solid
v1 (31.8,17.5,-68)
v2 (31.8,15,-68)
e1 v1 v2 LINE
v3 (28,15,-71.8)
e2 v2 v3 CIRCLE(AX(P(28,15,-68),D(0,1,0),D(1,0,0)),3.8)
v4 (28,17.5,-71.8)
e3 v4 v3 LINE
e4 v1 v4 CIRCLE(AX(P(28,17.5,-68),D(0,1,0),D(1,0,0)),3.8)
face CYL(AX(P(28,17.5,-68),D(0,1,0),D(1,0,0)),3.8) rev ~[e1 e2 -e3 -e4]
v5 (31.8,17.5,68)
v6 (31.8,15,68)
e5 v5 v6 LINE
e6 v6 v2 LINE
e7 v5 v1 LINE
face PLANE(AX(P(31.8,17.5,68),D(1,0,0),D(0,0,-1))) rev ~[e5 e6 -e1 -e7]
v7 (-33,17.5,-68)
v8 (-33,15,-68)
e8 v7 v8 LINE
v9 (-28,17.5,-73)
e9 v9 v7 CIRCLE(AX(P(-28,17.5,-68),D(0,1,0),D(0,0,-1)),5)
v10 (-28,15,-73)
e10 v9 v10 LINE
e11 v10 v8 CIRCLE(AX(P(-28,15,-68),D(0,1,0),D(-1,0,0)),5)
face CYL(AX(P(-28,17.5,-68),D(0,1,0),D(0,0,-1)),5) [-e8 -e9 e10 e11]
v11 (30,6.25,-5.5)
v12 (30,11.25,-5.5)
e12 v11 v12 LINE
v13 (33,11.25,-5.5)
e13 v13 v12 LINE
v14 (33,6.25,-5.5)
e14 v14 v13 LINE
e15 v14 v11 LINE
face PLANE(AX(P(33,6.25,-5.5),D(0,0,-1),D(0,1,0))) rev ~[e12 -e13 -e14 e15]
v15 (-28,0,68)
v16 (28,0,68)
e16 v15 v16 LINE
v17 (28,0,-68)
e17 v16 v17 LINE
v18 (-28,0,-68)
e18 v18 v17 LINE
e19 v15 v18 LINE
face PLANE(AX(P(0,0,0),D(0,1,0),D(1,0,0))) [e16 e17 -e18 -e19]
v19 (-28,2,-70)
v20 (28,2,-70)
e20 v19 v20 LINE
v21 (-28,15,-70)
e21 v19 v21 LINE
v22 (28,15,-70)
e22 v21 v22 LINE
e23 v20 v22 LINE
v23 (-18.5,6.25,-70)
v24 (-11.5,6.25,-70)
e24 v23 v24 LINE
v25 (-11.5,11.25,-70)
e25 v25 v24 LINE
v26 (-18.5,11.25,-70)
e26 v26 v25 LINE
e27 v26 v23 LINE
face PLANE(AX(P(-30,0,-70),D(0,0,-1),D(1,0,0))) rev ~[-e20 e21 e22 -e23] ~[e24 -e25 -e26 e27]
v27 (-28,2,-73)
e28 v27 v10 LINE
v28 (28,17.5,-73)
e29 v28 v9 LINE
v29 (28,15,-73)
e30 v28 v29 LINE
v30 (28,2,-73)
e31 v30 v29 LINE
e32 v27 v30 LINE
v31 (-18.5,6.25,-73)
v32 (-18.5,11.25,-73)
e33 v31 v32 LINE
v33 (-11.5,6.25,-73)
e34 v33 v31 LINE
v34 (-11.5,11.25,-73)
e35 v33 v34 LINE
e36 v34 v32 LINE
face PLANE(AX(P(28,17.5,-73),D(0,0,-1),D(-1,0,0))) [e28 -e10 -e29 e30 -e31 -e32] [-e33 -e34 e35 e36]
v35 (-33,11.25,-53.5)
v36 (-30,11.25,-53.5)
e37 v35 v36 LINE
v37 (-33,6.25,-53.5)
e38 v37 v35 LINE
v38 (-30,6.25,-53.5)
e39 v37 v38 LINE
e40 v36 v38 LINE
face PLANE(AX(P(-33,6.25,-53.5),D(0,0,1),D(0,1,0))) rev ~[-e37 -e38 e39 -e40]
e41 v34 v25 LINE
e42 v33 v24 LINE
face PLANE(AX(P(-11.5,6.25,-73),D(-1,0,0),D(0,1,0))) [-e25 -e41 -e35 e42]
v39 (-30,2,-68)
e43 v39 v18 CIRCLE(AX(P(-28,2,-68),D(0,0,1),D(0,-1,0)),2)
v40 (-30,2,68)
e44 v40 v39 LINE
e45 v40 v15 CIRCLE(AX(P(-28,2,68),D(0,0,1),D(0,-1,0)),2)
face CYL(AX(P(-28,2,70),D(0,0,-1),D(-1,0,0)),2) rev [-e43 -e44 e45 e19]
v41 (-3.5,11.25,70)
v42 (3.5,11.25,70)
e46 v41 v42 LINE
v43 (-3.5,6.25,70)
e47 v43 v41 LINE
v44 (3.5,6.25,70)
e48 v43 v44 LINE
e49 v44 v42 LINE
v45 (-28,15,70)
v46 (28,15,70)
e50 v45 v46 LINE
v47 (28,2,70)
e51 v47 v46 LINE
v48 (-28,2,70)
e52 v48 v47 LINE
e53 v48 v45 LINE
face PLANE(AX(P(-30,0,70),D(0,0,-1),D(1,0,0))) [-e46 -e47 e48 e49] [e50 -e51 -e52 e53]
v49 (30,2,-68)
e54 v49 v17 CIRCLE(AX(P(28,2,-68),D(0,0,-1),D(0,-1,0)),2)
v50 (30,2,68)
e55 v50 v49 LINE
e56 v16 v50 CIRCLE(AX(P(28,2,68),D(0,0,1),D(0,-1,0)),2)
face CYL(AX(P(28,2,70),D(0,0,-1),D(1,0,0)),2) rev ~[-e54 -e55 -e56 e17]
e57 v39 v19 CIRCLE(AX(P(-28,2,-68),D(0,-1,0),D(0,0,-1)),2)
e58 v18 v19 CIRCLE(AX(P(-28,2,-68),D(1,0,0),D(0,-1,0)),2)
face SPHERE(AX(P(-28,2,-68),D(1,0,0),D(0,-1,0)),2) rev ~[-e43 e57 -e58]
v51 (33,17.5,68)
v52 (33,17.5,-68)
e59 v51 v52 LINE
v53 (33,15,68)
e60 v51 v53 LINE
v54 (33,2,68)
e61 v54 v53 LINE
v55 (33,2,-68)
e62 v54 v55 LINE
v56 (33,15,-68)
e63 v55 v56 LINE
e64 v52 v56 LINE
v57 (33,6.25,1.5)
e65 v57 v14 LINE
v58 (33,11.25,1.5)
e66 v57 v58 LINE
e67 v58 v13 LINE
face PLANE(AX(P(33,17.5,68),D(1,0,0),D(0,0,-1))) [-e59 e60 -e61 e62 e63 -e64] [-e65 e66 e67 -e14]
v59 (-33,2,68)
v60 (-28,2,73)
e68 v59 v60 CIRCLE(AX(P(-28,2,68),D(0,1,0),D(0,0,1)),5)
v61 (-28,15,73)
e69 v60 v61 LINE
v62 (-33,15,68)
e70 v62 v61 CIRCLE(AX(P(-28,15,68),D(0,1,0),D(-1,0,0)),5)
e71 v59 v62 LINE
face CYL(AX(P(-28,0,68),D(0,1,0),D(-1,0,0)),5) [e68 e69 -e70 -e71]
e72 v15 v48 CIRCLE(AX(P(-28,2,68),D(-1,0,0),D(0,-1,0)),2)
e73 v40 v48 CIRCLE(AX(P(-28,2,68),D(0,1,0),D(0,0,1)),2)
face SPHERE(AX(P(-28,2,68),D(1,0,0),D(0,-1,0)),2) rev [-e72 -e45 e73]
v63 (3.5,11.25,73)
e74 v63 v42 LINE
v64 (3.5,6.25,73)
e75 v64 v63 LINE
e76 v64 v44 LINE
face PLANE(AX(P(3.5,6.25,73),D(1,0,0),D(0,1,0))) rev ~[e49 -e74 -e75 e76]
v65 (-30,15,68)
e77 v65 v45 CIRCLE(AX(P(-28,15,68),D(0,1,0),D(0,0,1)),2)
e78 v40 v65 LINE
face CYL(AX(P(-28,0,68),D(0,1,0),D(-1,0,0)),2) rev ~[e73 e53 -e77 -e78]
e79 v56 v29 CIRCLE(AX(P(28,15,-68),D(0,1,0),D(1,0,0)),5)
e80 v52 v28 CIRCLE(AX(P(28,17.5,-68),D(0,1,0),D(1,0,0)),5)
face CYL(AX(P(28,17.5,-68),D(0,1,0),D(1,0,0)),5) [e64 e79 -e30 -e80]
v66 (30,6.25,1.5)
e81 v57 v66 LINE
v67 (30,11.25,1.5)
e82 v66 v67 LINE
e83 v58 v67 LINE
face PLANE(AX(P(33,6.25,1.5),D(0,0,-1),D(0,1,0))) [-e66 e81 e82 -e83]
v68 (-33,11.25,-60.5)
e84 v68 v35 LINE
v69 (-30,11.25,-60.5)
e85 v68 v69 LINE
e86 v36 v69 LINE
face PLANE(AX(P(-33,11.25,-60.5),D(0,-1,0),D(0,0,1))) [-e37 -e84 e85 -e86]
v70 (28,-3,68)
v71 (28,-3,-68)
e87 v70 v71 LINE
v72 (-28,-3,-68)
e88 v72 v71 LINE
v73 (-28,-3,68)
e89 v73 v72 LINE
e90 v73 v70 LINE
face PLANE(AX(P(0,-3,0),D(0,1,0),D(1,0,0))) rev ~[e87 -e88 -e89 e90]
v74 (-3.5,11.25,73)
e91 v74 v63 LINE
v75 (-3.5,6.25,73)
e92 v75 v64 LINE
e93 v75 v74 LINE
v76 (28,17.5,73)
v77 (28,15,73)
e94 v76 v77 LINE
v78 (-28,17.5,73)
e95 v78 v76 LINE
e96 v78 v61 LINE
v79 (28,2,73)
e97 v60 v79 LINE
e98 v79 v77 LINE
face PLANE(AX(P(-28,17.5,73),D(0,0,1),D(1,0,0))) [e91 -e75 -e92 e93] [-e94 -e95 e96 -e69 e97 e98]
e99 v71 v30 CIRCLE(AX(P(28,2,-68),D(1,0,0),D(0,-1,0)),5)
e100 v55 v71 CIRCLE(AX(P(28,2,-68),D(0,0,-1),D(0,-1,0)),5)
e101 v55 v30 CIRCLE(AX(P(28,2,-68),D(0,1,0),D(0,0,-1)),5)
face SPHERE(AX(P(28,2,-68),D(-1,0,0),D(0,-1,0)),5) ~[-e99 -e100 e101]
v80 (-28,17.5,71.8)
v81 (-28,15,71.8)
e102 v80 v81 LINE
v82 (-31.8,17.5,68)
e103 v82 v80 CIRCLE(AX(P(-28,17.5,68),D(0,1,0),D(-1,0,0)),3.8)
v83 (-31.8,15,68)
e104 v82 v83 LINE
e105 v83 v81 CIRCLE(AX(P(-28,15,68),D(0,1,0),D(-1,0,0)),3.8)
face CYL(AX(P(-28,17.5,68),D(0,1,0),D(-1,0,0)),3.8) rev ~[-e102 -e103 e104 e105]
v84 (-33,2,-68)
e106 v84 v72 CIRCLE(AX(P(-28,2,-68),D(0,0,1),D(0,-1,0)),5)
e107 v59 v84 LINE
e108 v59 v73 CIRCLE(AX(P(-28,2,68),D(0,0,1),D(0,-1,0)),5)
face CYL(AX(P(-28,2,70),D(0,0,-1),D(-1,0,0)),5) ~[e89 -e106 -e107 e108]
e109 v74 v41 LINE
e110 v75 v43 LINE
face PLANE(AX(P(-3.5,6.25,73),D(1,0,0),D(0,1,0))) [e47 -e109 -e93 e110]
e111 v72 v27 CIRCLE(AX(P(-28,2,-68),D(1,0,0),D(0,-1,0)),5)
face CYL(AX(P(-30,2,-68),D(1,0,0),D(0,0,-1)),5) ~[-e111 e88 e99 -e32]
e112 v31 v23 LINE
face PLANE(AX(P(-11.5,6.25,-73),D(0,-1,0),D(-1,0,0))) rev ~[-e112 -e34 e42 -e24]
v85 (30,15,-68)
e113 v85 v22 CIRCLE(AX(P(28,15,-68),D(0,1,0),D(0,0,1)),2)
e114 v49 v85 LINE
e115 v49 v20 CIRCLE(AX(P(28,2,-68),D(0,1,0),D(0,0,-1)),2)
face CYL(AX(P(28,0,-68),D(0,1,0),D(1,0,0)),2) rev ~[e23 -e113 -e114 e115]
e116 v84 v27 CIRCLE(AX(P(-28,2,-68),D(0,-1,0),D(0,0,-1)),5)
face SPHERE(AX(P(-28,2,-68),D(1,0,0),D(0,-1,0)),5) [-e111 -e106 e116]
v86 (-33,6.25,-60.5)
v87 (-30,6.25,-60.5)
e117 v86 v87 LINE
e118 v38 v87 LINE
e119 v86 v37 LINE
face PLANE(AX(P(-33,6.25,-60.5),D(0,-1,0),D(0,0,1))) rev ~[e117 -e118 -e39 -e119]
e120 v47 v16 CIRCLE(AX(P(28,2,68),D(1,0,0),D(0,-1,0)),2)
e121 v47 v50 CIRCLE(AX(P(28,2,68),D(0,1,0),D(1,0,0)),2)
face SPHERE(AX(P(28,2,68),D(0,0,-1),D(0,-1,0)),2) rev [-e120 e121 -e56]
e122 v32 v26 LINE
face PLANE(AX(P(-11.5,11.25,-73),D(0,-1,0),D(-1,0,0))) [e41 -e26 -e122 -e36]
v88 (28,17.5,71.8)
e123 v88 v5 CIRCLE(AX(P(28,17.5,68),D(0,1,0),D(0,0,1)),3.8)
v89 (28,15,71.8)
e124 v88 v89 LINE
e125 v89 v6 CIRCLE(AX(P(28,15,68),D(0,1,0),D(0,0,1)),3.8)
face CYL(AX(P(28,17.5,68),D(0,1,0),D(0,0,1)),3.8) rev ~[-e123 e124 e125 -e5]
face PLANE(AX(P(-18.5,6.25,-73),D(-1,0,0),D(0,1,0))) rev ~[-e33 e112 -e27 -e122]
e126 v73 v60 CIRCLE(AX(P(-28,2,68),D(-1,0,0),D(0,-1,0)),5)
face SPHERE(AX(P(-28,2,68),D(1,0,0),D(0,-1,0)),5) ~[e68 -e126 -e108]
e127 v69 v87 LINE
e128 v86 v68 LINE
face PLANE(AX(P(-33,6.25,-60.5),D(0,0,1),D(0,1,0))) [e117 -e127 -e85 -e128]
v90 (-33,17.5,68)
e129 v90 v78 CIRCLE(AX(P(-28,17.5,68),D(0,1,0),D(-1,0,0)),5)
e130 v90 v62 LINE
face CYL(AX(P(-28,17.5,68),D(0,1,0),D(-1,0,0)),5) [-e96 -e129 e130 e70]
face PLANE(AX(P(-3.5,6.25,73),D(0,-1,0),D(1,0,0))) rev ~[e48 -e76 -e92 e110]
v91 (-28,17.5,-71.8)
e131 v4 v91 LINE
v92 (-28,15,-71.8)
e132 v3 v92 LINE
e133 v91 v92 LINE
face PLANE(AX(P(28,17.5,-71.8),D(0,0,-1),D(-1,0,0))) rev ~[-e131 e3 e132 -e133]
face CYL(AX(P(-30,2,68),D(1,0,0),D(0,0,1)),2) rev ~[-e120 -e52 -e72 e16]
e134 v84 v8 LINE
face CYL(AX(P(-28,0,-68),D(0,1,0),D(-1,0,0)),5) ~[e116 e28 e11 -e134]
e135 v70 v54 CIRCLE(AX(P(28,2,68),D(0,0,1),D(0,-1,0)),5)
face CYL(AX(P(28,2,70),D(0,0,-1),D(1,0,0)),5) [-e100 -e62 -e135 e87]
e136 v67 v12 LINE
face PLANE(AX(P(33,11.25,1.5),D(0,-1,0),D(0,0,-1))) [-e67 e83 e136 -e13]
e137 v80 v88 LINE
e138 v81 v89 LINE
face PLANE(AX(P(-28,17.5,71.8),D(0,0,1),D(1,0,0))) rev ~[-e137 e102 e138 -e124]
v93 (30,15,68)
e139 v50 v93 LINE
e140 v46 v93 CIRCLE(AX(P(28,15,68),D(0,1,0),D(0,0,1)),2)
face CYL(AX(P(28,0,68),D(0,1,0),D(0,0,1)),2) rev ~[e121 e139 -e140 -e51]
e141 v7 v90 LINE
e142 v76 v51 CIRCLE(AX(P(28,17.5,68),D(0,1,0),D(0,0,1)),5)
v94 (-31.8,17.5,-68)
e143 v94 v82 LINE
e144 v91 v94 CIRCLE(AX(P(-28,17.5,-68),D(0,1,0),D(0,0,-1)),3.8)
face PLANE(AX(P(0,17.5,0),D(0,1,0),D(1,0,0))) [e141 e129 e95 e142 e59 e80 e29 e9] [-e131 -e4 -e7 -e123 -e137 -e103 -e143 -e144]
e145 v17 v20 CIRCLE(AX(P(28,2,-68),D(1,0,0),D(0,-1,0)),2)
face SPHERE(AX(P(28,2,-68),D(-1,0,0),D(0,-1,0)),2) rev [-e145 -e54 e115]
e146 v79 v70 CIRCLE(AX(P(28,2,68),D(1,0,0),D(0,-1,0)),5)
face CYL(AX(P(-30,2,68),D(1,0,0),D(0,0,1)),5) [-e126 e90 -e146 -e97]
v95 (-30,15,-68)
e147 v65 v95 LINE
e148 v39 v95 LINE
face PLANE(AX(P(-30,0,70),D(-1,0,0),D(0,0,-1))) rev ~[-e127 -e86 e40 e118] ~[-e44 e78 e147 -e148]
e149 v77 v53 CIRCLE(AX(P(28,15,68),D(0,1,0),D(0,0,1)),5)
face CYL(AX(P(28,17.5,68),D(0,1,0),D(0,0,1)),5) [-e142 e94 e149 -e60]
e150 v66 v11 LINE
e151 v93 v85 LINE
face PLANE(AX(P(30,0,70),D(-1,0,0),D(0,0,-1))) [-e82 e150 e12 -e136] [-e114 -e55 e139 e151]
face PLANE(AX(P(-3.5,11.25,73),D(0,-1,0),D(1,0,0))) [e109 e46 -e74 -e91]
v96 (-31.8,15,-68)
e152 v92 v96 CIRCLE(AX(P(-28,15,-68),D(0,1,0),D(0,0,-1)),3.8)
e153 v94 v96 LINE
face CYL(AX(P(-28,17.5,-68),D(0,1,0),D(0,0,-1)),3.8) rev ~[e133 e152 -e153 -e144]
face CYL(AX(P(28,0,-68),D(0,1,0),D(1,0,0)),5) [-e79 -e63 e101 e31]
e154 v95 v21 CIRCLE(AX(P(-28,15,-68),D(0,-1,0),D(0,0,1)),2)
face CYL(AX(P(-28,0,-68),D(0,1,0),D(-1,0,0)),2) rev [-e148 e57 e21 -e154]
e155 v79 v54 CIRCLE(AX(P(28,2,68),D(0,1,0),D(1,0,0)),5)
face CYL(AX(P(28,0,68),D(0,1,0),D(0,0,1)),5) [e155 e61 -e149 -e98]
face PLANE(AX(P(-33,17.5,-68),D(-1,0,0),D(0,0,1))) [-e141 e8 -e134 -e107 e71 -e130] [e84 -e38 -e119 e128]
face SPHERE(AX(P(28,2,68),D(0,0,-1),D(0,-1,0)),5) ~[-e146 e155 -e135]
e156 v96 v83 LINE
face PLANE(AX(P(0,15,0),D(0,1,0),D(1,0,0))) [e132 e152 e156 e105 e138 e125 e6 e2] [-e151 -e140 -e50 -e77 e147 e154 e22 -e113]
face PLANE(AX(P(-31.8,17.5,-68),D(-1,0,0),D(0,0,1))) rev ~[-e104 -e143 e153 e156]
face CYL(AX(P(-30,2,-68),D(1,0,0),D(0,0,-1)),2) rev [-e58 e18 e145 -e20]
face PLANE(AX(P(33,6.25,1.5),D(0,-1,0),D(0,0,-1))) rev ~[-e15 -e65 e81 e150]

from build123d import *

# Parameters (mm, degrees)
ESBO_O1_W                = 60
ESBO_O1_H                = 140
RESSALTO_EXTRUS_O1_DEPTH = 15
FILETE1_R                = 2
CASCA1_T                 = 3
RESSALTO_EXTRUS_O2_START = 2.5
RESSALTO_EXTRUS_O2_DEPTH = 2.5
CORTE_EXTRUS_O1_REACH    = 101.956
ESBO_O4_W                = 7
ESBO_O4_H                = 5
CORTE_EXTRUS_O2_REACH    = 152.703
ESBO_O5_W                = 7
ESBO_O5_H                = 5
CORTE_EXTRUS_O3_REACH    = 101.956
ESBO_O6_W                = 7
ESBO_O6_H                = 5
CORTE_EXTRUS_O4_REACH    = 152.703
ESBO_O7_W                = 7
ESBO_O7_H                = 5


with BuildPart() as part:
    # Esboço1 → Ressalto-extrusão1 (new body)
    with BuildSketch(Plane(origin=(0, 0, 0), x_dir=(1, 0, 0), z_dir=(0, 1, 0))):
        Rectangle(ESBO_O1_W, ESBO_O1_H)
    extrude(amount=RESSALTO_EXTRUS_O1_DEPTH)

    # Filete1
    filete1_edges = [part.edges().sort_by_distance(p)[0] for p in [
        (0, 0, -70),
        (30, 0, 0),
        (0, 0, 70),
        (-30, 0, 0),
        (-30, 7.5, -70),
        (30, 7.5, -70),
        (30, 7.5, 70),
        (-30, 7.5, 70),
    ]]
    fillet(filete1_edges, radius=FILETE1_R)

    # Casca1
    casca1_openings = [part.faces().sort_by_distance(p)[0] for p in [
        (0, 15, 0),
    ]]
    offset(amount=CASCA1_T, openings=casca1_openings, kind=Kind.INTERSECTION)

    # Esboço3 → Ressalto-extrusão2 (add)
    with BuildSketch(Plane(origin=(0, 15, 0), x_dir=(1, 0, 0), z_dir=(0, 1, 0)).offset(RESSALTO_EXTRUS_O2_START)):
        with BuildLine():
            Line((28, 73), (-28, 73))
            ThreePointArc((-28, 73), (-31.535533906, 71.535533906), (-33, 68))
            Line((-33, 68), (-33, -68))
            ThreePointArc((-33, -68), (-31.535533906, -71.535533906), (-28, -73))
            Line((-28, -73), (28, -73))
            ThreePointArc((28, -73), (31.535533906, -71.535533906), (33, -68))
            Line((33, -68), (33, 68))
            ThreePointArc((33, 68), (31.535533906, 71.535533906), (28, 73))
        make_face()
        with BuildLine():
            Line((-31.8, 68), (-31.8, -68))
            ThreePointArc((-31.8, -68), (-30.687005769, -70.687005769), (-28, -71.8))
            Line((-28, -71.8), (28, -71.8))
            ThreePointArc((28, -71.8), (30.687005769, -70.687005769), (31.8, -68))
            Line((31.8, -68), (31.8, 68))
            ThreePointArc((31.8, 68), (30.687005769, 70.687005769), (28, 71.8))
            Line((28, 71.8), (-28, 71.8))
            ThreePointArc((-28, 71.8), (-30.687005769, 70.687005769), (-31.8, 68))
        make_face(mode=Mode.SUBTRACT)
    extrude(amount=-RESSALTO_EXTRUS_O2_DEPTH)

    # Esboço4 → Corte-extrusão1 (cut, up to next)
    with BuildSketch(Plane.ZY.offset(33), mode=Mode.PRIVATE) as corte_extrus_o1_sk1:
        with Locations((-57, 8.75)):
            Rectangle(ESBO_O4_W, ESBO_O4_H)
    corte_extrus_o1_tool1 = extrude(corte_extrus_o1_sk1.sketch, amount=-CORTE_EXTRUS_O1_REACH, mode=Mode.PRIVATE) & part.part
    add(corte_extrus_o1_tool1.solids().sort_by_distance((-33, 8.75, -57))[0], mode=Mode.SUBTRACT)

    # Esboço5 → Corte-extrusão2 (cut, up to next)
    with BuildSketch(Plane(origin=(0, 0, -73), x_dir=(-1, 0, 0), z_dir=(0, 0, -1)), mode=Mode.PRIVATE) as corte_extrus_o2_sk1:
        with Locations((15, 8.75)):
            Rectangle(ESBO_O5_W, ESBO_O5_H)
    corte_extrus_o2_tool1 = extrude(corte_extrus_o2_sk1.sketch, amount=-CORTE_EXTRUS_O2_REACH, mode=Mode.PRIVATE) & part.part
    add(corte_extrus_o2_tool1.solids().sort_by_distance((-15, 8.75, -73))[0], mode=Mode.SUBTRACT)

    # Esboço6 → Corte-extrusão3 (cut, up to next)
    with BuildSketch(Plane(origin=(33, 0, 0), x_dir=(0, 0, -1), z_dir=(1, 0, 0)), mode=Mode.PRIVATE) as corte_extrus_o3_sk1:
        with Locations((2, 8.75)):
            Rectangle(ESBO_O6_W, ESBO_O6_H)
    corte_extrus_o3_tool1 = extrude(corte_extrus_o3_sk1.sketch, amount=-CORTE_EXTRUS_O3_REACH, mode=Mode.PRIVATE) & part.part
    add(corte_extrus_o3_tool1.solids().sort_by_distance((33, 8.75, -2))[0], mode=Mode.SUBTRACT)

    # Esboço7 → Corte-extrusão4 (cut, up to next)
    with BuildSketch(Plane.XY.offset(73), mode=Mode.PRIVATE) as corte_extrus_o4_sk1:
        with Locations((0, 8.75)):
            Rectangle(ESBO_O7_W, ESBO_O7_H)
    corte_extrus_o4_tool1 = extrude(corte_extrus_o4_sk1.sketch, amount=-CORTE_EXTRUS_O4_REACH, mode=Mode.PRIVATE) & part.part
    add(corte_extrus_o4_tool1.solids().sort_by_distance((0, 8.75, 73))[0], mode=Mode.SUBTRACT)


solid = part.part
